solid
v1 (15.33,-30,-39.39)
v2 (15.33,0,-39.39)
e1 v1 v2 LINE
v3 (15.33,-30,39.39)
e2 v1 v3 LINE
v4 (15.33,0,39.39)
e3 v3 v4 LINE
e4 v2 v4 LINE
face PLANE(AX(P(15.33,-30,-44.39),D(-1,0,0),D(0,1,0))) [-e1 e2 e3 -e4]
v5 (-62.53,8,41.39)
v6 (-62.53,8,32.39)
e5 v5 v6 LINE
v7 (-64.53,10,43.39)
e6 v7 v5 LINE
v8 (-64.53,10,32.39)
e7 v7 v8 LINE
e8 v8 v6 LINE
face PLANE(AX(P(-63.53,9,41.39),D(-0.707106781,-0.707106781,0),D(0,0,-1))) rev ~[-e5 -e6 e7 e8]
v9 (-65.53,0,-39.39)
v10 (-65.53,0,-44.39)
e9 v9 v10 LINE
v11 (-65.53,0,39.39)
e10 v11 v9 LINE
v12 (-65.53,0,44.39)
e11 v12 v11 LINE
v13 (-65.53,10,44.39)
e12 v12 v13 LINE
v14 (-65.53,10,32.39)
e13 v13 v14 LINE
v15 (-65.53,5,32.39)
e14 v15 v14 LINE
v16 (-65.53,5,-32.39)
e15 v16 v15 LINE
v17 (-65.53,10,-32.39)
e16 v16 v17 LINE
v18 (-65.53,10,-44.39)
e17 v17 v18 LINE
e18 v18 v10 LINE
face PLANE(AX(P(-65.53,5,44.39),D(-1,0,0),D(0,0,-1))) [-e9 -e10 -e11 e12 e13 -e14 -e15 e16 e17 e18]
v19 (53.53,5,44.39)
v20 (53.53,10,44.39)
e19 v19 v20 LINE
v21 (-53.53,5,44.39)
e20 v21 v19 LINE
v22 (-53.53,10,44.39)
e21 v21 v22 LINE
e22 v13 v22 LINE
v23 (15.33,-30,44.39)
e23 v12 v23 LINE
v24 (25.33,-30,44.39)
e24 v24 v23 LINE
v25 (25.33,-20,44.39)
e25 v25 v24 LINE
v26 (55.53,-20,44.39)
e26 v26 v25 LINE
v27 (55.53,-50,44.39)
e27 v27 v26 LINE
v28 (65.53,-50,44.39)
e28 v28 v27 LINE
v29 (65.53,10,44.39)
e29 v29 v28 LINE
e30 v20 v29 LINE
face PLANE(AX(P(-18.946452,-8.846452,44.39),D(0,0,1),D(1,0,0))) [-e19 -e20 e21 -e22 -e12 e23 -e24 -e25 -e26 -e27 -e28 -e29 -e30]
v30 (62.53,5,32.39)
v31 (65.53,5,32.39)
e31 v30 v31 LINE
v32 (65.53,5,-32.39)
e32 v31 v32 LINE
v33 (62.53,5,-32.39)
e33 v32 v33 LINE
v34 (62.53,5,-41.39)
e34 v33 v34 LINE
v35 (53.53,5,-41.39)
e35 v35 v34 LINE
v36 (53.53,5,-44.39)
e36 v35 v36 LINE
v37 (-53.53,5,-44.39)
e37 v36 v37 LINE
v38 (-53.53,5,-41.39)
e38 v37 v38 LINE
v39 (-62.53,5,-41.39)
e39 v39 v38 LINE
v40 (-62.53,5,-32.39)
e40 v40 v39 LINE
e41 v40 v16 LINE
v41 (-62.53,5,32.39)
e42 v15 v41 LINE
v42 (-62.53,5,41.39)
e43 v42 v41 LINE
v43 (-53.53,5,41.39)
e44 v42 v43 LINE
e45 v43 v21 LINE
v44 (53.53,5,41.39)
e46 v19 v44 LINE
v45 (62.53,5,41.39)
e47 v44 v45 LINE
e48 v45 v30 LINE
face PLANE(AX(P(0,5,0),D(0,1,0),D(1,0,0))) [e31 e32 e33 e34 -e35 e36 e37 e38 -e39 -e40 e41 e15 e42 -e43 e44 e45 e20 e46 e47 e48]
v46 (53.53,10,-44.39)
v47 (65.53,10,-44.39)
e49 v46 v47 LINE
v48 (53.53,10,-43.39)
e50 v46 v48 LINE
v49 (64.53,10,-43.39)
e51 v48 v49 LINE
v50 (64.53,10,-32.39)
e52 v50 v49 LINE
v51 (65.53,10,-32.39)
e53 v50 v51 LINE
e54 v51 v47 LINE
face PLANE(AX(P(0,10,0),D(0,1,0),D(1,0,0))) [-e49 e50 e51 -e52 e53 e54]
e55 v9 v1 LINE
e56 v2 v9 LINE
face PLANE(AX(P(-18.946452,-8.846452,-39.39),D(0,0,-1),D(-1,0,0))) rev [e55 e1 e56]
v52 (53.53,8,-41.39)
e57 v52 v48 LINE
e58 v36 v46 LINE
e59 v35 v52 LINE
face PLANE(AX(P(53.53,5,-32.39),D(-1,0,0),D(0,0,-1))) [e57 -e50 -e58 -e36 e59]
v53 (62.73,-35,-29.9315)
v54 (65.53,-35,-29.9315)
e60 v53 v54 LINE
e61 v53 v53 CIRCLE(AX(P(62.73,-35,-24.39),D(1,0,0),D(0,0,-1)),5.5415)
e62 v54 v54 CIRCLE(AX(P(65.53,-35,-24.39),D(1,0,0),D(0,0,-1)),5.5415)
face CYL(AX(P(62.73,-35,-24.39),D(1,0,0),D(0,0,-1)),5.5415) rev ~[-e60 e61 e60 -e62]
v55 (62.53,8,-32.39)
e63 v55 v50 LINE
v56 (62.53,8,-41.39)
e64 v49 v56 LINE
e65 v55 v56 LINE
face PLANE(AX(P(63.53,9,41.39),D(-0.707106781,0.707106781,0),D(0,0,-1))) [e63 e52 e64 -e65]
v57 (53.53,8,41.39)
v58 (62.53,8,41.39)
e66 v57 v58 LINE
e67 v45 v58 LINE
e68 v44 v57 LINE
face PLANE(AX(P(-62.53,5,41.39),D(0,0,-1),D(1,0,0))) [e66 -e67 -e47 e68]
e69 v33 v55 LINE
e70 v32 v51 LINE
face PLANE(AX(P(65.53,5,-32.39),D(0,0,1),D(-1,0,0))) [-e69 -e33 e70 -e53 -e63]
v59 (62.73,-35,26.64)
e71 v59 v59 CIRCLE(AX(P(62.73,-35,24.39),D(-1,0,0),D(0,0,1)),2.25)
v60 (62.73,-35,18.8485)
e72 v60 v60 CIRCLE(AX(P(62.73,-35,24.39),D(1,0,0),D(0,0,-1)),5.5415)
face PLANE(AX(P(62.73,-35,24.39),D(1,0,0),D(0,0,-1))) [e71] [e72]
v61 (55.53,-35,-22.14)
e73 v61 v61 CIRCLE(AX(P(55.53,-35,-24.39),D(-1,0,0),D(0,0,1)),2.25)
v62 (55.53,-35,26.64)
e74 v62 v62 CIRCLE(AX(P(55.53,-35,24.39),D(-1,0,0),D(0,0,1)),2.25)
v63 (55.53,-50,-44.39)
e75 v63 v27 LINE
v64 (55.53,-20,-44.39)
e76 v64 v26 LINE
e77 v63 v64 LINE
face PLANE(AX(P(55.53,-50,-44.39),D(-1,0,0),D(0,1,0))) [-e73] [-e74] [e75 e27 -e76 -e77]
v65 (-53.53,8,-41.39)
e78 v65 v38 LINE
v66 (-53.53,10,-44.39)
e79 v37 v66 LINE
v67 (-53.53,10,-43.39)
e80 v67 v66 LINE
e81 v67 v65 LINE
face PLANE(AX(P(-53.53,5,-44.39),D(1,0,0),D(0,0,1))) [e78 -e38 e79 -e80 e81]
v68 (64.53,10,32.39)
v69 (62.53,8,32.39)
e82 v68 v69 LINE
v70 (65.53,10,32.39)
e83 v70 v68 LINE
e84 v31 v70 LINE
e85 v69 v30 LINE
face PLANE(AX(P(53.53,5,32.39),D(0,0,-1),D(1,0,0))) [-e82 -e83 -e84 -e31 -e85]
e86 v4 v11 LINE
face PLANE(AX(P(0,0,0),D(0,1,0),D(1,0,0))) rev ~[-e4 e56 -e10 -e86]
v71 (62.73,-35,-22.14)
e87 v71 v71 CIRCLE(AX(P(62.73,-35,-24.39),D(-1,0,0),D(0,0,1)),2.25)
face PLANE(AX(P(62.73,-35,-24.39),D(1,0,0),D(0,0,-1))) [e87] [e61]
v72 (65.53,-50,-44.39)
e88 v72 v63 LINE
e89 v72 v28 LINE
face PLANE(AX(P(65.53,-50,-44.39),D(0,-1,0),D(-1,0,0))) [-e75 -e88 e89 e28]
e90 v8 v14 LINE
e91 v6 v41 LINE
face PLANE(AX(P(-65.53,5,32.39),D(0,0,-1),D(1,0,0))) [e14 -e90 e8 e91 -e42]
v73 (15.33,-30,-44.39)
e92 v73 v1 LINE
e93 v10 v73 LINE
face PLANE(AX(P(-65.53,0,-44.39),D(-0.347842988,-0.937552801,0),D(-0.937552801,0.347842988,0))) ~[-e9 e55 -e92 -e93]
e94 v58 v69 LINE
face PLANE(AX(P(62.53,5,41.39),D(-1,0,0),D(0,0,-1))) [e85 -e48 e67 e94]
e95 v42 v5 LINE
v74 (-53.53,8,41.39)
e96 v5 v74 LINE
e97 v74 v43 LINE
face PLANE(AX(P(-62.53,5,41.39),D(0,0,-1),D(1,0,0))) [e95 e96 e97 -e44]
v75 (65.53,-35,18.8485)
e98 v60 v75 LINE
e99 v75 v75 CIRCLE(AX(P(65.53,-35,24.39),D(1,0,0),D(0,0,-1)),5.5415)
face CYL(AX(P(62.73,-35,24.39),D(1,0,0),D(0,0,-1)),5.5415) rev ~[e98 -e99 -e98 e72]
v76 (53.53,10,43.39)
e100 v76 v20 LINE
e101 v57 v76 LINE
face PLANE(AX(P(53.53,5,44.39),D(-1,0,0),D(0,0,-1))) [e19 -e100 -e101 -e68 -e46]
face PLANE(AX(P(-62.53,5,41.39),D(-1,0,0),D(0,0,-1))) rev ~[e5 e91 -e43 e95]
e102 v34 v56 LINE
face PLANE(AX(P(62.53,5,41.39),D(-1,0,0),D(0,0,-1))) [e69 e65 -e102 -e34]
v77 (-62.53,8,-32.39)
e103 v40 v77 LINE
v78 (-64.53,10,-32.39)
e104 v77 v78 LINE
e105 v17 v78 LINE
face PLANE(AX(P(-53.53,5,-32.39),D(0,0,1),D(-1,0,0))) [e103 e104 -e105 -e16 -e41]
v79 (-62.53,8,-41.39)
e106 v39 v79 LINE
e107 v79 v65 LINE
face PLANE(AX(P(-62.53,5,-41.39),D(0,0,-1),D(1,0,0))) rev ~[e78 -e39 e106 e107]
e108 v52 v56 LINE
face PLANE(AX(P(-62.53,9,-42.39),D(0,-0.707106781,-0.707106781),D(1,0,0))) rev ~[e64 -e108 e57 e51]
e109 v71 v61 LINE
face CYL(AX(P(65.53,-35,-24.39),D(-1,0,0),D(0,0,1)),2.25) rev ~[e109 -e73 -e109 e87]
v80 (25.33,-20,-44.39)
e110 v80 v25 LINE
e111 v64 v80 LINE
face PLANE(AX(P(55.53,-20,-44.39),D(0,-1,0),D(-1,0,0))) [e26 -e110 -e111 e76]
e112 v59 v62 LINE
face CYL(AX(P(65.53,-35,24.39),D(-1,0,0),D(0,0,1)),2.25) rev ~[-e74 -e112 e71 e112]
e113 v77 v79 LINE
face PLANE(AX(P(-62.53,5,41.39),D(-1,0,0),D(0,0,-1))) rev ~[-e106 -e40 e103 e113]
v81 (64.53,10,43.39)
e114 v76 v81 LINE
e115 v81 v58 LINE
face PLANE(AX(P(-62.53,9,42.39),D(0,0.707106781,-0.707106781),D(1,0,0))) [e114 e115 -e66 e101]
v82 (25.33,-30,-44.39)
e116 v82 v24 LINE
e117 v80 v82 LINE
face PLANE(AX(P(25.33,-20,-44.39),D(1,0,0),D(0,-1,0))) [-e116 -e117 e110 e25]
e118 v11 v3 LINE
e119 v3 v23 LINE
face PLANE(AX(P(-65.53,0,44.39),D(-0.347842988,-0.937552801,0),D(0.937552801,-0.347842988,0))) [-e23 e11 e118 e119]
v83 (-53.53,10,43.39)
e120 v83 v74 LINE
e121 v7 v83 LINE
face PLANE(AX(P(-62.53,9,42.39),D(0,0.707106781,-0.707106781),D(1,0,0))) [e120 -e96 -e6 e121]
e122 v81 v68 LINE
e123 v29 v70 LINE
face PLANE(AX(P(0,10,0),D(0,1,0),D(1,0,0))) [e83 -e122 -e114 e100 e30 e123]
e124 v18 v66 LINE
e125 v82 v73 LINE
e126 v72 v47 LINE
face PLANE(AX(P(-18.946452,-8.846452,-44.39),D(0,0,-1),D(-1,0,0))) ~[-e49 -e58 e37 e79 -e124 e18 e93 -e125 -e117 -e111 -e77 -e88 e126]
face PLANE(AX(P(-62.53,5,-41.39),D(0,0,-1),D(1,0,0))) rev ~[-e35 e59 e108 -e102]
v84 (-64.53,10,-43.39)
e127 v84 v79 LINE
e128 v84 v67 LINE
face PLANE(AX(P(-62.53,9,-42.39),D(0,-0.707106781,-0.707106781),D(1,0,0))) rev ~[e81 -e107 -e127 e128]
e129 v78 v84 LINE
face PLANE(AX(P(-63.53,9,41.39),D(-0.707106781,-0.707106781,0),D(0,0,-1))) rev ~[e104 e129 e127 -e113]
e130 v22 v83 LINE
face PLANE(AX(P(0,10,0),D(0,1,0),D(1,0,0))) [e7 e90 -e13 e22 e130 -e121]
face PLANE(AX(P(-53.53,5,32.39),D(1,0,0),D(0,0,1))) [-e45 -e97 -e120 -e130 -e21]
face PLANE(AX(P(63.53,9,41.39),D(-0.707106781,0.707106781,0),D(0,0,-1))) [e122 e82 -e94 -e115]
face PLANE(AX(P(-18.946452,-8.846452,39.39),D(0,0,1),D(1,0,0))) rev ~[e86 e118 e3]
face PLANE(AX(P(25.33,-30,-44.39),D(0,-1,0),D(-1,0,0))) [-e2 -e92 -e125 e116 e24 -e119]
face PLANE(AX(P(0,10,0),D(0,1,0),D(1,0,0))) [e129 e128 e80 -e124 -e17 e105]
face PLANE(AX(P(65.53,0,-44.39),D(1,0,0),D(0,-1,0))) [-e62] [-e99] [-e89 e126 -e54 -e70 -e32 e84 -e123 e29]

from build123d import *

# Parameters (mm, degrees)
SKETCH1_W                                    = 131.06
SKETCH1_H                                    = 88.78
BOSS_EXTRUDE1_DEPTH                          = 5
SKETCH2_W                                    = 131.06
SKETCH2_H                                    = 88.78
SKETCH2_W_2                                  = 125.06
SKETCH2_H_2                                  = 82.78
BOSS_EXTRUDE2_DEPTH                          = 5
CHAMFER1_SIZE                                = 2
CUT_EXTRUDE1_DEPTH                           = 80.307332574
BOSS_EXTRUDE3_START                          = -44.39
BOSS_EXTRUDE3_DEPTH                          = 88.78
BOSS_EXTRUDE4_DEPTH                          = 5
CBORE_FOR_M4_HEX_HEAD_CAP_SCREW1_D           = 4.5
CBORE_FOR_M4_HEX_HEAD_CAP_SCREW1_CBORE_D     = 11.083
CBORE_FOR_M4_HEX_HEAD_CAP_SCREW1_CBORE_DEPTH = 2.8


with BuildPart() as part:
    # Sketch1 → Boss-Extrude1 (new body)
    with BuildSketch(Plane(origin=(0, 0, 0), x_dir=(1, 0, 0), z_dir=(0, 1, 0))):
        Rectangle(SKETCH1_W, SKETCH1_H)
    extrude(amount=BOSS_EXTRUDE1_DEPTH)

    # Sketch2 → Boss-Extrude2 (add)
    with BuildSketch(Plane(origin=(0, 5, 0), x_dir=(1, 0, 0), z_dir=(0, 1, 0))):
        Rectangle(SKETCH2_W, SKETCH2_H)
        Rectangle(SKETCH2_W_2, SKETCH2_H_2, mode=Mode.SUBTRACT)
    extrude(amount=BOSS_EXTRUDE2_DEPTH)

    # Chamfer1
    chamfer1_edges = [part.edges().sort_by_distance(p)[0] for p in [
        (62.53, 10, 0),
        (0, 10, -41.39),
        (-62.53, 10, 0),
        (0, 10, 41.39),
    ]]
    chamfer(chamfer1_edges, length=CHAMFER1_SIZE)

    # Sketch3 → Cut-Extrude1 (cut, through all)
    with BuildSketch(Plane(origin=(0, 5, 0), x_dir=(1, 0, 0), z_dir=(0, 1, 0))):
        Polygon((-65.53, 32.39), (-65.53, -32.39), (-53.53, -32.39), (-53.53, -44.39), (53.53, -44.39), (53.53, -32.39), (65.53, -32.39), (65.53, 32.39), (53.53, 32.39), (53.53, 44.39), (-53.53, 44.39), (-53.53, 32.39), align=None)
    extrude(amount=CUT_EXTRUDE1_DEPTH, mode=Mode.SUBTRACT)

    # Sketch4 → Boss-Extrude3 (add)
    with BuildSketch(Plane.XY.offset(BOSS_EXTRUDE3_START)):
        Polygon((65.53, 0), (65.53, -50), (55.53, -50), (55.53, -20), (25.33, -20), (25.33, -30), (15.33, -30), (15.33, 0), align=None)
    extrude(amount=BOSS_EXTRUDE3_DEPTH)

    # Sketch5 → Boss-Extrude4 (add)
    with BuildSketch(Plane.XY.offset(44.39)):
        Polygon((-65.53, 0), (15.33, -30), (15.33, 0), align=None)
    boss_extrude4 = extrude(amount=-BOSS_EXTRUDE4_DEPTH)

    # Mirror1: Boss-Extrude4 across plane
    add(boss_extrude4.mirror(Plane.XY))

    # CBORE for M4 Hex Head Cap Screw1 (through all)
    with Locations(Plane(origin=(65.53, 0, 0), x_dir=(0, 0, -1), z_dir=(1, 0, 0))):
        with Locations((-24.39, -35), (24.39, -35)):
            CounterBoreHole(CBORE_FOR_M4_HEX_HEAD_CAP_SCREW1_D / 2, CBORE_FOR_M4_HEX_HEAD_CAP_SCREW1_CBORE_D / 2, CBORE_FOR_M4_HEX_HEAD_CAP_SCREW1_CBORE_DEPTH)


solid = part.part
